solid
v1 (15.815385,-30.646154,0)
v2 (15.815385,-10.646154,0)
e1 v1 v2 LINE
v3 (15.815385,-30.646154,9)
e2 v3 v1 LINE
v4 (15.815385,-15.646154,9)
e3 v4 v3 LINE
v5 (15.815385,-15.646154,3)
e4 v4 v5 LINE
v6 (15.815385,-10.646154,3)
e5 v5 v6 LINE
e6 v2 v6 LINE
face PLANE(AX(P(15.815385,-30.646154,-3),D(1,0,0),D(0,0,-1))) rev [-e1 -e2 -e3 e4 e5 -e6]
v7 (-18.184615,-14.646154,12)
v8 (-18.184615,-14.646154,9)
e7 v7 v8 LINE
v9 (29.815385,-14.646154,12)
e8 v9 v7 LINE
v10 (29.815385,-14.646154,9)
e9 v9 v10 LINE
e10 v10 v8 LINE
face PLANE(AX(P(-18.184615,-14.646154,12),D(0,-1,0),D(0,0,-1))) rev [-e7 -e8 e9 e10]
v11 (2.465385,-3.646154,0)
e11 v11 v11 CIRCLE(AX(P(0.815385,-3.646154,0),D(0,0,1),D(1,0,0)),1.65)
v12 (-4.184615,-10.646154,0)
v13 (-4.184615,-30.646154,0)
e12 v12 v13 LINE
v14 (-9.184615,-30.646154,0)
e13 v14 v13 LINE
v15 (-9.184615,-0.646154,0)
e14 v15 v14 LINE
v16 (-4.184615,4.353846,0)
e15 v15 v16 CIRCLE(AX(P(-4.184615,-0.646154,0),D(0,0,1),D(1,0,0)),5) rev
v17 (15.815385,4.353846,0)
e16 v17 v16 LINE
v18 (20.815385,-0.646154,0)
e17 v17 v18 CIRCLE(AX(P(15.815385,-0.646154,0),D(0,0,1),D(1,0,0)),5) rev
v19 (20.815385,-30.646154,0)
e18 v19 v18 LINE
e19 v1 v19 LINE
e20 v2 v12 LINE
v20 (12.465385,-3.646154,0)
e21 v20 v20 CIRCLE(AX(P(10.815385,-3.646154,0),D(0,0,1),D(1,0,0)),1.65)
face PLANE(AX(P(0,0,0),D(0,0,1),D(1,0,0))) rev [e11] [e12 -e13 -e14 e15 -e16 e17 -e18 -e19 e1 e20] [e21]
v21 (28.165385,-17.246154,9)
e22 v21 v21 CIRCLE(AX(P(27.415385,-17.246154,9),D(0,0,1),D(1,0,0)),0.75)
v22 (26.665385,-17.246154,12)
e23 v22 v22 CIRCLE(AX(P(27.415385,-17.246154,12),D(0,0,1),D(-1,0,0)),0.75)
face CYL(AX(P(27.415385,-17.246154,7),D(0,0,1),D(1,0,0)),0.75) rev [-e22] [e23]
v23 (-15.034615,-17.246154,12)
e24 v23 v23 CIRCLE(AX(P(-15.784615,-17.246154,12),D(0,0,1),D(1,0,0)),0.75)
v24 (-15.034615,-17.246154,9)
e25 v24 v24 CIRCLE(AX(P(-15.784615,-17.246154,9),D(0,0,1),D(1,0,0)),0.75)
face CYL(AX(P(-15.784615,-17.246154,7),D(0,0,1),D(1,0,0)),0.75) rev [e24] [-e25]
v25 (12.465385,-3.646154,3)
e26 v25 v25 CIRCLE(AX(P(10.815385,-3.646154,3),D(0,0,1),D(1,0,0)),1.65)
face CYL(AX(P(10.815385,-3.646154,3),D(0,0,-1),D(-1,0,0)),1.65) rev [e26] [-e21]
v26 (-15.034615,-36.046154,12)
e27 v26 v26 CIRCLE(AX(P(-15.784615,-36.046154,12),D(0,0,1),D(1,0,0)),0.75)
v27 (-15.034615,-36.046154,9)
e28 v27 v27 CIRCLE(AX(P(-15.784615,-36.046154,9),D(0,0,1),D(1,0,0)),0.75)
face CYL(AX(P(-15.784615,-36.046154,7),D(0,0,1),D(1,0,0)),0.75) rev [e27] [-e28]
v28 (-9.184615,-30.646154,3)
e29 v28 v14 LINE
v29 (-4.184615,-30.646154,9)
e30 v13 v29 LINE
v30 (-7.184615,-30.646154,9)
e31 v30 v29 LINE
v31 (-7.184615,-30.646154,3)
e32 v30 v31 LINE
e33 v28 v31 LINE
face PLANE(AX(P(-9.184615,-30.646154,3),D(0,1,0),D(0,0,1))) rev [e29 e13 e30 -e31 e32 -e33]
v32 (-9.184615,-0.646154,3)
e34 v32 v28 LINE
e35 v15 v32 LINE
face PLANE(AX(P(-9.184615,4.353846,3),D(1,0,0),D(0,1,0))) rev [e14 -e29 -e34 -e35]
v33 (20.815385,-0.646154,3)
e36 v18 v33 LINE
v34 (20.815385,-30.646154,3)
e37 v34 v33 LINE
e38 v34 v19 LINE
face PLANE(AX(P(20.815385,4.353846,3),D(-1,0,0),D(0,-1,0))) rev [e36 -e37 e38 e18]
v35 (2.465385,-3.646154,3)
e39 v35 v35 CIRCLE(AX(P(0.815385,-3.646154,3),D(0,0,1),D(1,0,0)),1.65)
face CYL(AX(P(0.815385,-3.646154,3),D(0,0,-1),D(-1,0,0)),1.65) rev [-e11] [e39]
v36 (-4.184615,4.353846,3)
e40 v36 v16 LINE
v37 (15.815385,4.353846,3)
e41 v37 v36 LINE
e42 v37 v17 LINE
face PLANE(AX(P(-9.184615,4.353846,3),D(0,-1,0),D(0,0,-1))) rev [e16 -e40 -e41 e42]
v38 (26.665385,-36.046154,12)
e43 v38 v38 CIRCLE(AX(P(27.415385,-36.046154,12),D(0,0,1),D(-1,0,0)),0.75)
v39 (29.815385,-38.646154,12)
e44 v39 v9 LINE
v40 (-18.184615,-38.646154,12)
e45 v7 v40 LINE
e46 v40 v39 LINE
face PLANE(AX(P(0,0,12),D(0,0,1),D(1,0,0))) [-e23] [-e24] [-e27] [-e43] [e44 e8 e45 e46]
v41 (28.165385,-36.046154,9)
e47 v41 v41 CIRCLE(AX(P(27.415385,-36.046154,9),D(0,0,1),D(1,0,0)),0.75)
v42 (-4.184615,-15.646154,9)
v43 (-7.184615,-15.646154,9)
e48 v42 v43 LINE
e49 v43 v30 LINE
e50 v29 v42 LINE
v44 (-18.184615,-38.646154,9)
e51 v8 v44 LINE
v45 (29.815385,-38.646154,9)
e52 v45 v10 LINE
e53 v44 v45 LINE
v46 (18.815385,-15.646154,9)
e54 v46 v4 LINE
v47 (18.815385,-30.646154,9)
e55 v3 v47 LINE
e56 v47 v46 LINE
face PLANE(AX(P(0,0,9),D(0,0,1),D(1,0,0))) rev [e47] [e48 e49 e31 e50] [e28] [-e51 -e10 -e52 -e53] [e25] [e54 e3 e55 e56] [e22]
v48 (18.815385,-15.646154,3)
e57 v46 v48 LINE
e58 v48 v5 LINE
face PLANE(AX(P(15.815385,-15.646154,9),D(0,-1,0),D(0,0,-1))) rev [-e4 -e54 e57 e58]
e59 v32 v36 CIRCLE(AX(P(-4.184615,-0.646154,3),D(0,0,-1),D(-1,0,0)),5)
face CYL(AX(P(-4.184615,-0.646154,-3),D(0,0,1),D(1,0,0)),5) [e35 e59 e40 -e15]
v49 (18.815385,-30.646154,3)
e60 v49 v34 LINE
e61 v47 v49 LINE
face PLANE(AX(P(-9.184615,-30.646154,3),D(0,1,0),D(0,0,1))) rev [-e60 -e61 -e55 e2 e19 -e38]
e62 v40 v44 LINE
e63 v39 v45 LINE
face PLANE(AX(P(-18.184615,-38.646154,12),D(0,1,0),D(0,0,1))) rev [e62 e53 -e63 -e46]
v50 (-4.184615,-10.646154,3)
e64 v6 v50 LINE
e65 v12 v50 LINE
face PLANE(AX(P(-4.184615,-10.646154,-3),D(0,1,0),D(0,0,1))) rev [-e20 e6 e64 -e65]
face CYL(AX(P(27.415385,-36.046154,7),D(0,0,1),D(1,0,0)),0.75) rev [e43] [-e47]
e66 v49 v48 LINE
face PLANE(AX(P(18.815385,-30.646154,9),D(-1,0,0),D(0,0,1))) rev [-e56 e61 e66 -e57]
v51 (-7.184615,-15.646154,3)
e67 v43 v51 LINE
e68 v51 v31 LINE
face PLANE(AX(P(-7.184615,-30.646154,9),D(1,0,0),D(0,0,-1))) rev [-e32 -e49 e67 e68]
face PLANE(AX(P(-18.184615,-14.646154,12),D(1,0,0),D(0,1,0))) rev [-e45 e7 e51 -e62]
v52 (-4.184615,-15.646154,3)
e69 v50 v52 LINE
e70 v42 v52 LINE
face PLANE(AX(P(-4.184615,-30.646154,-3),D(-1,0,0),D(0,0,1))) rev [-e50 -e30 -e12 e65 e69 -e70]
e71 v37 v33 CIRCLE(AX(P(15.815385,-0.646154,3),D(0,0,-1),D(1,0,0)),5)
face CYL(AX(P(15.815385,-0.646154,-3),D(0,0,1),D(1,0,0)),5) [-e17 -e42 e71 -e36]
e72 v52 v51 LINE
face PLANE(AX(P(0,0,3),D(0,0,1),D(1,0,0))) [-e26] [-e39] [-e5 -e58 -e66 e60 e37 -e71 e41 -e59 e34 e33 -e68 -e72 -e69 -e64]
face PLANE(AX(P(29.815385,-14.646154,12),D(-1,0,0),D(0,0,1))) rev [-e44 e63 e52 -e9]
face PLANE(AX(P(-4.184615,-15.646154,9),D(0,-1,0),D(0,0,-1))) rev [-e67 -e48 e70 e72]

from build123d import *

# Parameters (mm, degrees)
SKETCH_1_W          = 30
SKETCH_1_H          = 35
SKETCH_1_R          = 1.65
EXTRUDE_1_DEPTH     = 3
SKETCH_2_W          = 20
SKETCH_2_H          = 20
CUT_EXTRUDE_1_DEPTH = 6
SKETCH_3_W          = 3
SKETCH_3_H          = 15
EXTRUDE_2_DEPTH     = 6
SKETCH_4_W          = 48
SKETCH_4_H          = 24
EXTRUDE_3_DEPTH     = 3
SKETCH_6_R          = 0.75
CUT_EXTRUDE_2_DEPTH = 5


with BuildPart() as part:
    # 草图1 → 凸台-拉伸1 (new body)
    with BuildSketch(Plane.XY):
        with Locations((5.815384615, -13.146153846)):
            Rectangle(SKETCH_1_W, SKETCH_1_H)
        with Locations((0.815384615, -3.646153846)):
            Circle(SKETCH_1_R, mode=Mode.SUBTRACT)
        with Locations((10.815384615, -3.646153846)):
            Circle(SKETCH_1_R, mode=Mode.SUBTRACT)
    extrude(amount=EXTRUDE_1_DEPTH)

    # 草图2 → 切除-拉伸1 (cut)
    with BuildSketch(Plane.XY.offset(3)):
        with Locations((5.815384615, -20.646153846)):
            Rectangle(SKETCH_2_W, SKETCH_2_H)
        with BuildLine():
            Line((-9.184615385, -0.646153846), (-9.184615385, 4.353846154))
            Line((-9.184615385, 4.353846154), (-4.184615385, 4.353846154))
            ThreePointArc((-4.184615385, 4.353846154), (-7.720149291, 2.88938006), (-9.184615385, -0.646153846))
        make_face()
        with BuildLine():
            Line((20.815384615, -0.646153846), (20.815384615, 4.353846154))
            Line((20.815384615, 4.353846154), (15.815384615, 4.353846154))
            ThreePointArc((15.815384615, 4.353846154), (19.350918521, 2.88938006), (20.815384615, -0.646153846))
        make_face()
    extrude(amount=-CUT_EXTRUDE_1_DEPTH, mode=Mode.SUBTRACT)

    # 草图3 → 凸台-拉伸2 (add)
    with BuildSketch(Plane.XY.offset(3)):
        with Locations((-5.684615385, -23.146153846)):
            Rectangle(SKETCH_3_W, SKETCH_3_H)
        with Locations((17.315384615, -23.146153846)):
            Rectangle(SKETCH_3_W, SKETCH_3_H)
    extrude(amount=EXTRUDE_2_DEPTH)

    # 草图4 → 凸台-拉伸3 (add)
    with BuildSketch(Plane.XY.offset(9)):
        with Locations((5.815384615, -26.646153846)):
            Rectangle(SKETCH_4_W, SKETCH_4_H)
    extrude(amount=EXTRUDE_3_DEPTH)

    # 草图6 → 切除-拉伸2 (cut)
    with BuildSketch(Plane.XY.offset(12)):
        with Locations((-15.784615385, -17.246153846)):
            Circle(SKETCH_6_R)
        with Locations((-15.784615385, -36.046153846)):
            Circle(SKETCH_6_R)
        with Locations((27.415384615, -36.046153846)):
            Circle(SKETCH_6_R)
        with Locations((27.415384615, -17.246153846)):
            Circle(SKETCH_6_R)
    extrude(amount=-CUT_EXTRUDE_2_DEPTH, mode=Mode.SUBTRACT)


solid = part.part
